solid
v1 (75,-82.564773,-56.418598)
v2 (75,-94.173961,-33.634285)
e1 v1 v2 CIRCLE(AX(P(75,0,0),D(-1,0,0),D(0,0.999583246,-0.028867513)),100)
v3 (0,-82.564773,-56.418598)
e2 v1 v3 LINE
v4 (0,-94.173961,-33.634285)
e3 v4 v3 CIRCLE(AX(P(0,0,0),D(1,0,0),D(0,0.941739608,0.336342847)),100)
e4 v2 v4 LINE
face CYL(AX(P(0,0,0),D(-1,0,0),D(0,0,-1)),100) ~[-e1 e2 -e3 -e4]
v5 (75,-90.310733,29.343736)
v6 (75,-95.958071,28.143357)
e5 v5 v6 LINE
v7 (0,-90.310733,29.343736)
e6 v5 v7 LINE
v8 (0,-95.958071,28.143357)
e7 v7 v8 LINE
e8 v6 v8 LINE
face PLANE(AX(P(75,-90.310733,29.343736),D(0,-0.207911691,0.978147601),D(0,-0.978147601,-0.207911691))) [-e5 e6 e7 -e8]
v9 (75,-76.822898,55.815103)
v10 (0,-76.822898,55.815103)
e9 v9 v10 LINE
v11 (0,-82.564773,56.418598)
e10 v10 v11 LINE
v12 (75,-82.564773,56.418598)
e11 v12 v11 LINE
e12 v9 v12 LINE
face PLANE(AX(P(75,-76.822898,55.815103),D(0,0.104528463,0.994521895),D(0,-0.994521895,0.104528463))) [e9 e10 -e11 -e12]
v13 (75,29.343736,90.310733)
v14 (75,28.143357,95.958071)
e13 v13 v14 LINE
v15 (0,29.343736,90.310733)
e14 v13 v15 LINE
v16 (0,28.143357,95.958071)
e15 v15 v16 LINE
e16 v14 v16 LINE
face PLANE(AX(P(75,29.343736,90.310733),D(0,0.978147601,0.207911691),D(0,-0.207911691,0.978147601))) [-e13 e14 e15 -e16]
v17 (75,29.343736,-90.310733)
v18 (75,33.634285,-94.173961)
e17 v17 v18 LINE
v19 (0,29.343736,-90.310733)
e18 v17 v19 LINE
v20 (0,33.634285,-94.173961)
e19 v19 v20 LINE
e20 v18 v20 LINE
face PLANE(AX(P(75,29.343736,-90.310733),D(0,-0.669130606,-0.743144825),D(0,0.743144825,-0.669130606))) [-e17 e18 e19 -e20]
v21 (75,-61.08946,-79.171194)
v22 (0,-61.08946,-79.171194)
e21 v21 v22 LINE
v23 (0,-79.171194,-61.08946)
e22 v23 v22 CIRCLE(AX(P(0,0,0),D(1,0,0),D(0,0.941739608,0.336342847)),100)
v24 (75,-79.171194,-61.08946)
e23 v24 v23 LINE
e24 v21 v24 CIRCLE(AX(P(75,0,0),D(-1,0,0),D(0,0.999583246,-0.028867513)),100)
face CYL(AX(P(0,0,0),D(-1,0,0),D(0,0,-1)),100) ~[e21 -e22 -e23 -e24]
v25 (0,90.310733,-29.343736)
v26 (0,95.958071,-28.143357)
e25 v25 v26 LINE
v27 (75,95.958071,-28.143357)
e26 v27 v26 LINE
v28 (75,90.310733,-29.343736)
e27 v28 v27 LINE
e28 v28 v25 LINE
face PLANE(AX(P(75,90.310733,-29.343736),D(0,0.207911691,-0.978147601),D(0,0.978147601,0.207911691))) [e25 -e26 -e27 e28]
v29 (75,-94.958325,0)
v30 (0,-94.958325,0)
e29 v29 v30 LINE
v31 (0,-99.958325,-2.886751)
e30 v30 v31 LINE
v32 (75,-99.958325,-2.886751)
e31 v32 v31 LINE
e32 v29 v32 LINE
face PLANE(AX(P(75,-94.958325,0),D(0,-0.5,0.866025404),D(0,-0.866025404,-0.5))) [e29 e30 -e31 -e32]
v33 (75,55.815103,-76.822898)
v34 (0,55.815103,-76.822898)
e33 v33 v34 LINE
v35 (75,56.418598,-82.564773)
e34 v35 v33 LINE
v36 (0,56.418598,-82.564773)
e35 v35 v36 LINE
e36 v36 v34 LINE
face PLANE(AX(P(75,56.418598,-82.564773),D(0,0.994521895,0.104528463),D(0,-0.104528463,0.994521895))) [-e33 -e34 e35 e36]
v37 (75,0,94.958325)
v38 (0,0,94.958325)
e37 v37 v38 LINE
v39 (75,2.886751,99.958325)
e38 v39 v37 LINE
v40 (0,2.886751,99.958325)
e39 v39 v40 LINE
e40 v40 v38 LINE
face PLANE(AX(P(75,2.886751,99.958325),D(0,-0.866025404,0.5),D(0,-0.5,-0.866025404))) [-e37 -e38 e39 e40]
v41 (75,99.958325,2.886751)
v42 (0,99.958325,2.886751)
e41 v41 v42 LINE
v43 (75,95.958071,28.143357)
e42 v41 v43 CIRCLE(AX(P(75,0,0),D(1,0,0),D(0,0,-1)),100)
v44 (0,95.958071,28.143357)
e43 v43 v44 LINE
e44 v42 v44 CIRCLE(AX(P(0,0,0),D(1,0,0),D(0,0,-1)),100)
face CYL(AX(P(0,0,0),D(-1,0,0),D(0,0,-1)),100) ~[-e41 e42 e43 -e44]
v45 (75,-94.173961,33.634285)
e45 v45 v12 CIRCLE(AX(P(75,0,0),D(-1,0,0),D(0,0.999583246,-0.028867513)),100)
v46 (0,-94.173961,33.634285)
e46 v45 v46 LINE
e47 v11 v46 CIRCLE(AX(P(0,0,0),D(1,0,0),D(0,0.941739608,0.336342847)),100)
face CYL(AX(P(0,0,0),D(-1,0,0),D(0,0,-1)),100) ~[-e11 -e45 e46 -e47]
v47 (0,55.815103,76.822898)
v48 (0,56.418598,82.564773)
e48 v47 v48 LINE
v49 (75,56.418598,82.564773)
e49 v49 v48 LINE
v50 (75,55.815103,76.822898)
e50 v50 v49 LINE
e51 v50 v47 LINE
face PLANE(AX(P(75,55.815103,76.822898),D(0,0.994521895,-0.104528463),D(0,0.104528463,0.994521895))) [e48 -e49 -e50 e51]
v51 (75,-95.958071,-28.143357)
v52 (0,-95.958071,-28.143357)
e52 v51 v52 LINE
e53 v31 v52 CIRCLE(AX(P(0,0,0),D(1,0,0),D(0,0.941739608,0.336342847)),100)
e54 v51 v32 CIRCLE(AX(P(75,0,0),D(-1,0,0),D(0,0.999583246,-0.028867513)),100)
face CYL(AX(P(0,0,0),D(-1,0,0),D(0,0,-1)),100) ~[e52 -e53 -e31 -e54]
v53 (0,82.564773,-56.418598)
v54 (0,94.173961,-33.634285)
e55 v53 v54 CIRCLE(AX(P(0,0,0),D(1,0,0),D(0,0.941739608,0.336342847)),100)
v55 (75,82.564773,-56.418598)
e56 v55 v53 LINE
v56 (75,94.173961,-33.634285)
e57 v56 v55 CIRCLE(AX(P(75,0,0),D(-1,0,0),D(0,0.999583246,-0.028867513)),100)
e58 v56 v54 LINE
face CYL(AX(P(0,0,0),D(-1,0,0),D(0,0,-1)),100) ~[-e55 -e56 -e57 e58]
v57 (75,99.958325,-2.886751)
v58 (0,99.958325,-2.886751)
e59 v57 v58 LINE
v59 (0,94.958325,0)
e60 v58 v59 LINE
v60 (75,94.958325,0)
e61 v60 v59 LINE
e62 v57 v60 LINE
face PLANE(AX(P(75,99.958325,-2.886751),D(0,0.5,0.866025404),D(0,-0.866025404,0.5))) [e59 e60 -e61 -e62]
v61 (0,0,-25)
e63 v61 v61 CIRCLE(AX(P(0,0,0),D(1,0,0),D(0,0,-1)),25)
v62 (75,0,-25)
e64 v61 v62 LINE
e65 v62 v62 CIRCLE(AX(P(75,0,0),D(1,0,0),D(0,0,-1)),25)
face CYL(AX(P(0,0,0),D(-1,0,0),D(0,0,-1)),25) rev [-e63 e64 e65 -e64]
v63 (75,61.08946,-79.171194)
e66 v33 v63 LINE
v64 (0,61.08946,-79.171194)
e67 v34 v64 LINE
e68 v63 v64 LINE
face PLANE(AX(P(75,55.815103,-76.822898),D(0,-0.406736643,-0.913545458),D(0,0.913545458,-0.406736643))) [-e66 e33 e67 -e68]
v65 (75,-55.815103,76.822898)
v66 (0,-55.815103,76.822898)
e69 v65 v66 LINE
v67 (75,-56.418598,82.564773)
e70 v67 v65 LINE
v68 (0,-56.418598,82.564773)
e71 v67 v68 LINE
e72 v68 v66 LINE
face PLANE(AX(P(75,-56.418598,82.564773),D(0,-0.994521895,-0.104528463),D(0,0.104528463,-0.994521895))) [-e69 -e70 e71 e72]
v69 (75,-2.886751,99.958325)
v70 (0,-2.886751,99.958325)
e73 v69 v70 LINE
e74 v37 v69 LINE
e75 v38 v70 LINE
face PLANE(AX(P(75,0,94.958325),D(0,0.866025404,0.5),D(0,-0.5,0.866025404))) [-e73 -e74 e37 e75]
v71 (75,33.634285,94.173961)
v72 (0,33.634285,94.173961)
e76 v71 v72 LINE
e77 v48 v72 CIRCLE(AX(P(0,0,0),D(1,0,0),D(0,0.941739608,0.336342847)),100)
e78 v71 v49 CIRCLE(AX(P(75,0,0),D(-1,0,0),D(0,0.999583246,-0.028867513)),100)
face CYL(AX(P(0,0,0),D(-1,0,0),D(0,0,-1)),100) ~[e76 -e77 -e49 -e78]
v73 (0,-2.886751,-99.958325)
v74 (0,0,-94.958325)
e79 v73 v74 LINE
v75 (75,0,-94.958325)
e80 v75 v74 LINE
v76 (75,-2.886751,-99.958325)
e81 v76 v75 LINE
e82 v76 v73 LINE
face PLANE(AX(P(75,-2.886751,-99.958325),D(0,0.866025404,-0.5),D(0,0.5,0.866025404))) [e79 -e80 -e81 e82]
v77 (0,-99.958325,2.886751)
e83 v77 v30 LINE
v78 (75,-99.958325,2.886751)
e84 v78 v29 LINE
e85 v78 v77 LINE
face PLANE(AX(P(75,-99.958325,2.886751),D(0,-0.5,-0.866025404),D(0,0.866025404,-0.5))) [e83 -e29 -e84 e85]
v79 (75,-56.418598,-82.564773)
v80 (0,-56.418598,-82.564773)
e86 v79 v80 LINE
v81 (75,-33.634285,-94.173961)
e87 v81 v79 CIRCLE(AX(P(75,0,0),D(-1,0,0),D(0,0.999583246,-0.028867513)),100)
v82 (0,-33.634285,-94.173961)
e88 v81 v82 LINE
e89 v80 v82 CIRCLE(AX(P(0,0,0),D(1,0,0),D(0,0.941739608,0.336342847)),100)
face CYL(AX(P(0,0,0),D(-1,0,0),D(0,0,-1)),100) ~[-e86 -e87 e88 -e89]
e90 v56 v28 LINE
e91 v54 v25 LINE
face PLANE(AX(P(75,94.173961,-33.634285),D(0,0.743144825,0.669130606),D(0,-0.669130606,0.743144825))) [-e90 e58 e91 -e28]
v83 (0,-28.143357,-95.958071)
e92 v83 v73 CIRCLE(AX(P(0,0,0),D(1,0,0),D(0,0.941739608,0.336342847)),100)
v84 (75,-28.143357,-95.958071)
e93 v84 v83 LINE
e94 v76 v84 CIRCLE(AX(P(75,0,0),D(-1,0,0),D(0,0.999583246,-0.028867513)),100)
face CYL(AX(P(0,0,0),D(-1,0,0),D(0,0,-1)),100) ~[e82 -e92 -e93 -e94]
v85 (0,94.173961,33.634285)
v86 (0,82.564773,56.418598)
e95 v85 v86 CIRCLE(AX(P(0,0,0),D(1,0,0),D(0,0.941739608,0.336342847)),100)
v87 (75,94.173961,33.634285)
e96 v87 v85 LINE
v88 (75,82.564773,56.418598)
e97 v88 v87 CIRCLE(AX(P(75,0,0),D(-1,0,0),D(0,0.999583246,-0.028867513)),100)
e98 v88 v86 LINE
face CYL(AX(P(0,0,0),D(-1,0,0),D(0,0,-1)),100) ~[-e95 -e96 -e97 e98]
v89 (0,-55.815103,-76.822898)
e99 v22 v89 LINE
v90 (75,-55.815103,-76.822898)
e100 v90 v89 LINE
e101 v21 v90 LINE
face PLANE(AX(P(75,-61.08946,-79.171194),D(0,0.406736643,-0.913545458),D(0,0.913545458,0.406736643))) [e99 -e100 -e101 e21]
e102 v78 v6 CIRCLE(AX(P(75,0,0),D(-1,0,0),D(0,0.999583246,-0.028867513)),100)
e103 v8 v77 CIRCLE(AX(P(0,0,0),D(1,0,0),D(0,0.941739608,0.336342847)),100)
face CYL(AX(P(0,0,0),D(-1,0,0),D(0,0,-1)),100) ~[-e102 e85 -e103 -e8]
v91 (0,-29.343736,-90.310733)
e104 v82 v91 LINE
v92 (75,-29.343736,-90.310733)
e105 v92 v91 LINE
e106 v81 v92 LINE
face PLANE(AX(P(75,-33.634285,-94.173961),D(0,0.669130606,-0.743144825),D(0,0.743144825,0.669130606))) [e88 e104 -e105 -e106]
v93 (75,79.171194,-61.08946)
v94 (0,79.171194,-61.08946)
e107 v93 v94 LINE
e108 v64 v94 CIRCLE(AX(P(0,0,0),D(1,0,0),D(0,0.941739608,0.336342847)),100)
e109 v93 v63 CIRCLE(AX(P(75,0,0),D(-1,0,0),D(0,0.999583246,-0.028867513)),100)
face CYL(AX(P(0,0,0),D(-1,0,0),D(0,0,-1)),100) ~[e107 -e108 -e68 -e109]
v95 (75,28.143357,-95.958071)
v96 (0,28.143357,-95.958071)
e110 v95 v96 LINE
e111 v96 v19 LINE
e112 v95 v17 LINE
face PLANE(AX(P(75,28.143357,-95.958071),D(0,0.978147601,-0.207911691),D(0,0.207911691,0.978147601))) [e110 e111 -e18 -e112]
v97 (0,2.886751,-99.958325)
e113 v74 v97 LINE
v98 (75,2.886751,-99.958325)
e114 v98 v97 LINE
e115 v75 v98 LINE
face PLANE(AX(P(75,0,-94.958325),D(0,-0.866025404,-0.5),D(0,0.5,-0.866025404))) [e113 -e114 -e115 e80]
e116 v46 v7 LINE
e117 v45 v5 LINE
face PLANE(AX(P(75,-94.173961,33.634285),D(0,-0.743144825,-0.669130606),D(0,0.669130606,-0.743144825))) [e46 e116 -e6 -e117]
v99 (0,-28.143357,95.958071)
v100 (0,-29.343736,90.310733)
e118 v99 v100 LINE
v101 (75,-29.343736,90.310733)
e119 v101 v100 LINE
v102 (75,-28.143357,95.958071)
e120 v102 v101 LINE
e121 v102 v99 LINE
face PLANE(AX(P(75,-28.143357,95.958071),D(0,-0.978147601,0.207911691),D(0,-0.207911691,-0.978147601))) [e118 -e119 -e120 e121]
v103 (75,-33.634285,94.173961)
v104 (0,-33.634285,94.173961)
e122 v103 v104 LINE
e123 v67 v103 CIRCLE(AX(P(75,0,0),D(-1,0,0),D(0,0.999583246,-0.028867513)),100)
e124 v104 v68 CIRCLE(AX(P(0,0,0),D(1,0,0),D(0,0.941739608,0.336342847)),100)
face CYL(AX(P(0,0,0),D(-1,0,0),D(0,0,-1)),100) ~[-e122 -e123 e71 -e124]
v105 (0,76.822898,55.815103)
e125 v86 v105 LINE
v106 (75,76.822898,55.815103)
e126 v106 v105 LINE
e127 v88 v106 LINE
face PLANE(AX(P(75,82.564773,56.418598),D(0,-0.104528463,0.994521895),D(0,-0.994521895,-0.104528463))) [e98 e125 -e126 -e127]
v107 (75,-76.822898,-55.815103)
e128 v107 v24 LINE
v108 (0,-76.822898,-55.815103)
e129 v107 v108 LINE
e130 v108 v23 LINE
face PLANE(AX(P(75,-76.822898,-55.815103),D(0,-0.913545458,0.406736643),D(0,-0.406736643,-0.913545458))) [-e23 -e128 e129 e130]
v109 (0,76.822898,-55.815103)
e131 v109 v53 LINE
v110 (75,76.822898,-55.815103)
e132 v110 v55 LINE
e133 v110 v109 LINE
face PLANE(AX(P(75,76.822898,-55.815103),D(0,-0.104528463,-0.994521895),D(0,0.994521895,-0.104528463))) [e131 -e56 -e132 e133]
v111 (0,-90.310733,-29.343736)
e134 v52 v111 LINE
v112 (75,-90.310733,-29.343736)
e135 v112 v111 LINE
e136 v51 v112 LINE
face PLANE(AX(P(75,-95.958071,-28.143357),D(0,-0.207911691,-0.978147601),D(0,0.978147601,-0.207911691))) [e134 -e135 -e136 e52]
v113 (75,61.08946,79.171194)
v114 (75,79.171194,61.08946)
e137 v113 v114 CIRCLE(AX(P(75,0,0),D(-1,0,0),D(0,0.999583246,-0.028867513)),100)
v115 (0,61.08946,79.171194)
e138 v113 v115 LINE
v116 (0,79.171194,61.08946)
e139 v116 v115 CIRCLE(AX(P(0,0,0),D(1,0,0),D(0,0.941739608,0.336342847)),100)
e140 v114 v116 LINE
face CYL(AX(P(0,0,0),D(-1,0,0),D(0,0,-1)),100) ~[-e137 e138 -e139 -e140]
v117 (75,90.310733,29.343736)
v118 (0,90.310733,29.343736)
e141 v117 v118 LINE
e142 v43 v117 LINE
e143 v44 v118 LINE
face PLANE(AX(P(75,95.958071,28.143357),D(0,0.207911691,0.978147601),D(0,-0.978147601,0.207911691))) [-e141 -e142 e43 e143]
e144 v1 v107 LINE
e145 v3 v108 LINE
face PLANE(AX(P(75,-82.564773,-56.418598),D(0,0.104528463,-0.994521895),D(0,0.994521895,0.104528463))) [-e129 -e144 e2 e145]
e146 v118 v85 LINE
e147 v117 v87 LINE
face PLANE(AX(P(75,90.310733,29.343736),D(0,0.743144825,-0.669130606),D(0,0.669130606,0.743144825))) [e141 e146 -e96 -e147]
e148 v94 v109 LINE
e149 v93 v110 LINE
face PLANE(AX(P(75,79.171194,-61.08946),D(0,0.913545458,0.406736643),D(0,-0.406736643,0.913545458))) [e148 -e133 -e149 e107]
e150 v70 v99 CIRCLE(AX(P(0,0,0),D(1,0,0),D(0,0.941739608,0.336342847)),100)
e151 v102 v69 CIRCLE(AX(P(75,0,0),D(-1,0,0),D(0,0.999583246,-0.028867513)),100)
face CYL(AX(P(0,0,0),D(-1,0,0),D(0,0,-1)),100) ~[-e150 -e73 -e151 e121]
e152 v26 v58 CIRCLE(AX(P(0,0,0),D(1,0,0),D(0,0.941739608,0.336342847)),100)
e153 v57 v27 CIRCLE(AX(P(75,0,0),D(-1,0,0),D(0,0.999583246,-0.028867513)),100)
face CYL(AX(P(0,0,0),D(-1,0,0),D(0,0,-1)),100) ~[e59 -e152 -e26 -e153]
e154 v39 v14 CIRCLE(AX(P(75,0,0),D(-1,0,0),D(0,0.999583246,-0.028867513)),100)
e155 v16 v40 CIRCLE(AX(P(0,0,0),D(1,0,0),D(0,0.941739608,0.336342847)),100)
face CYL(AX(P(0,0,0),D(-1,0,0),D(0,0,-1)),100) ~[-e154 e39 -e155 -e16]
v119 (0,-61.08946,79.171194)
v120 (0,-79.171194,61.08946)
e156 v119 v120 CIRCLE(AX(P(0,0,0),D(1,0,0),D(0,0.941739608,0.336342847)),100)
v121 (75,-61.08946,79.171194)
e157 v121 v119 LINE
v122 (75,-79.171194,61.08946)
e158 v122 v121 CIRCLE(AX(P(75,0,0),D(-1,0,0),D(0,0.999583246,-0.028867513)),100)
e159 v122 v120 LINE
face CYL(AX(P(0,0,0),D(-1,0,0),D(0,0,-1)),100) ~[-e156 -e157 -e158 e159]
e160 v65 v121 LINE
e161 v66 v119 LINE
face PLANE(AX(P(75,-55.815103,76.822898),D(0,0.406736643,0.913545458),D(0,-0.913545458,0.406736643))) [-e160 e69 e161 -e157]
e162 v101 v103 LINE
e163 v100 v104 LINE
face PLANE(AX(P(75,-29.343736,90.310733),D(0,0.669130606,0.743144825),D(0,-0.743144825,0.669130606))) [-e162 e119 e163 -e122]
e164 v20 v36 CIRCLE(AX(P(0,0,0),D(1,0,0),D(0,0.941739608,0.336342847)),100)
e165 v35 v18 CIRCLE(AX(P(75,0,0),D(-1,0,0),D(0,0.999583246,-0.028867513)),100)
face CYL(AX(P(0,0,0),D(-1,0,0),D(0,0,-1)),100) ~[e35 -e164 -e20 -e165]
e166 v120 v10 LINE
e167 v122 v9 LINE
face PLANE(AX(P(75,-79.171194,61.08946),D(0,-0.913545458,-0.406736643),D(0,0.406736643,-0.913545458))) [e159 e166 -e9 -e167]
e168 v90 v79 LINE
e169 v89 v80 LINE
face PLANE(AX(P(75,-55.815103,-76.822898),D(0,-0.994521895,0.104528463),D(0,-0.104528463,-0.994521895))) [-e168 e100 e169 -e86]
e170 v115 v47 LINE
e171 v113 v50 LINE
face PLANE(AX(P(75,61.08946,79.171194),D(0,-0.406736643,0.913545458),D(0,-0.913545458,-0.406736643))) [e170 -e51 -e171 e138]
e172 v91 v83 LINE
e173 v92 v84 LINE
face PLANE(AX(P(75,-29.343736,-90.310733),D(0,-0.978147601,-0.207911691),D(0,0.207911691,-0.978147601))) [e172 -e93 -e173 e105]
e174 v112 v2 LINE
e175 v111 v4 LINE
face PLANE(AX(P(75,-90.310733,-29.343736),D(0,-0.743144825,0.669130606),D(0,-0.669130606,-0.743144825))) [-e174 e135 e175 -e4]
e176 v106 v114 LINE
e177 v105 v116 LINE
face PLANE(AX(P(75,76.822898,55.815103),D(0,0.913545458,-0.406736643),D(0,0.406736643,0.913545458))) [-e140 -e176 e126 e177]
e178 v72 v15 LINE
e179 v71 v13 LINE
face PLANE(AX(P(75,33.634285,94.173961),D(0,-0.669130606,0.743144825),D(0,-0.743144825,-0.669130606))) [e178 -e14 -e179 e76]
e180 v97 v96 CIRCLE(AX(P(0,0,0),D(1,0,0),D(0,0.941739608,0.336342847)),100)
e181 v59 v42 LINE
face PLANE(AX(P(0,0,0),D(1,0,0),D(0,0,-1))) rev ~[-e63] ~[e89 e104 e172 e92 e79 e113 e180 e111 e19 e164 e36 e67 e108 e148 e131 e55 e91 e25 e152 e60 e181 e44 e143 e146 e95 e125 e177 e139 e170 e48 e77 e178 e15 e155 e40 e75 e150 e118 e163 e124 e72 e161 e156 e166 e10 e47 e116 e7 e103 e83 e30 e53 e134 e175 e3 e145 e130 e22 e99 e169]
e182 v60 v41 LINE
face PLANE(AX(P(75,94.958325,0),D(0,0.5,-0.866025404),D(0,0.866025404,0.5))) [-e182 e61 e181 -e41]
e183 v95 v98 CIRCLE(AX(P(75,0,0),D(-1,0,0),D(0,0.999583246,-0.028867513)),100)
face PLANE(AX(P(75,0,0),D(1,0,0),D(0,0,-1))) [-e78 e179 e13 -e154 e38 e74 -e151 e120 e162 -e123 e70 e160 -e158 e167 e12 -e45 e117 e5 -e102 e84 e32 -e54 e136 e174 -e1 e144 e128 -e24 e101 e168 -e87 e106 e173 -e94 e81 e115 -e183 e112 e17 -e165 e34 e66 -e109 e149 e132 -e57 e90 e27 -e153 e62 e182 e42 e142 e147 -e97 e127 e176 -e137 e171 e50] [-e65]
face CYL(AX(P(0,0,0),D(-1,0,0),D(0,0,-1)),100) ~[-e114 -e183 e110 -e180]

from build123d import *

# Parameters (mm, degrees)
SKETCH1_R           = 100
SKETCH1_R_2         = 25
BOSS_EXTRUDE1_DEPTH = 75
CUT_EXTRUDE1_DEPTH  = 161.078105936
CIRPATTERN1_COUNT   = 20


with BuildPart() as part:
    # Sketch1 → Boss-Extrude1 (new body)
    with BuildSketch(Plane(origin=(0, 0, 0), x_dir=(0, 0, -1), z_dir=(1, 0, 0))):
        Circle(SKETCH1_R)
        Circle(SKETCH1_R_2, mode=Mode.SUBTRACT)
    extrude(amount=BOSS_EXTRUDE1_DEPTH)

    # Sketch2 → Cut-Extrude1 (cut, through all)
    with BuildSketch(Plane(origin=(75, 0, 0), x_dir=(0, 0, -1), z_dir=(1, 0, 0))):
        with BuildLine():
            Line((2.886751346, 99.958324649), (0, 94.958324649))
            Line((0, 94.958324649), (-2.886751346, 99.958324649))
            ThreePointArc((-2.886751346, 99.958324649), (0, 100), (2.886751346, 99.958324649))
        make_face()
    cut_extrude1 = extrude(amount=-CUT_EXTRUDE1_DEPTH, mode=Mode.SUBTRACT)

    # CirPattern1: Cut-Extrude1 ×20 about axis
    cirpattern1_axis = Axis((0, 0, 0), (1, 0, 0))
    for i in range(1, CIRPATTERN1_COUNT):
        add(cut_extrude1.rotate(cirpattern1_axis, i * 360 / CIRPATTERN1_COUNT), mode=Mode.SUBTRACT)


solid = part.part
